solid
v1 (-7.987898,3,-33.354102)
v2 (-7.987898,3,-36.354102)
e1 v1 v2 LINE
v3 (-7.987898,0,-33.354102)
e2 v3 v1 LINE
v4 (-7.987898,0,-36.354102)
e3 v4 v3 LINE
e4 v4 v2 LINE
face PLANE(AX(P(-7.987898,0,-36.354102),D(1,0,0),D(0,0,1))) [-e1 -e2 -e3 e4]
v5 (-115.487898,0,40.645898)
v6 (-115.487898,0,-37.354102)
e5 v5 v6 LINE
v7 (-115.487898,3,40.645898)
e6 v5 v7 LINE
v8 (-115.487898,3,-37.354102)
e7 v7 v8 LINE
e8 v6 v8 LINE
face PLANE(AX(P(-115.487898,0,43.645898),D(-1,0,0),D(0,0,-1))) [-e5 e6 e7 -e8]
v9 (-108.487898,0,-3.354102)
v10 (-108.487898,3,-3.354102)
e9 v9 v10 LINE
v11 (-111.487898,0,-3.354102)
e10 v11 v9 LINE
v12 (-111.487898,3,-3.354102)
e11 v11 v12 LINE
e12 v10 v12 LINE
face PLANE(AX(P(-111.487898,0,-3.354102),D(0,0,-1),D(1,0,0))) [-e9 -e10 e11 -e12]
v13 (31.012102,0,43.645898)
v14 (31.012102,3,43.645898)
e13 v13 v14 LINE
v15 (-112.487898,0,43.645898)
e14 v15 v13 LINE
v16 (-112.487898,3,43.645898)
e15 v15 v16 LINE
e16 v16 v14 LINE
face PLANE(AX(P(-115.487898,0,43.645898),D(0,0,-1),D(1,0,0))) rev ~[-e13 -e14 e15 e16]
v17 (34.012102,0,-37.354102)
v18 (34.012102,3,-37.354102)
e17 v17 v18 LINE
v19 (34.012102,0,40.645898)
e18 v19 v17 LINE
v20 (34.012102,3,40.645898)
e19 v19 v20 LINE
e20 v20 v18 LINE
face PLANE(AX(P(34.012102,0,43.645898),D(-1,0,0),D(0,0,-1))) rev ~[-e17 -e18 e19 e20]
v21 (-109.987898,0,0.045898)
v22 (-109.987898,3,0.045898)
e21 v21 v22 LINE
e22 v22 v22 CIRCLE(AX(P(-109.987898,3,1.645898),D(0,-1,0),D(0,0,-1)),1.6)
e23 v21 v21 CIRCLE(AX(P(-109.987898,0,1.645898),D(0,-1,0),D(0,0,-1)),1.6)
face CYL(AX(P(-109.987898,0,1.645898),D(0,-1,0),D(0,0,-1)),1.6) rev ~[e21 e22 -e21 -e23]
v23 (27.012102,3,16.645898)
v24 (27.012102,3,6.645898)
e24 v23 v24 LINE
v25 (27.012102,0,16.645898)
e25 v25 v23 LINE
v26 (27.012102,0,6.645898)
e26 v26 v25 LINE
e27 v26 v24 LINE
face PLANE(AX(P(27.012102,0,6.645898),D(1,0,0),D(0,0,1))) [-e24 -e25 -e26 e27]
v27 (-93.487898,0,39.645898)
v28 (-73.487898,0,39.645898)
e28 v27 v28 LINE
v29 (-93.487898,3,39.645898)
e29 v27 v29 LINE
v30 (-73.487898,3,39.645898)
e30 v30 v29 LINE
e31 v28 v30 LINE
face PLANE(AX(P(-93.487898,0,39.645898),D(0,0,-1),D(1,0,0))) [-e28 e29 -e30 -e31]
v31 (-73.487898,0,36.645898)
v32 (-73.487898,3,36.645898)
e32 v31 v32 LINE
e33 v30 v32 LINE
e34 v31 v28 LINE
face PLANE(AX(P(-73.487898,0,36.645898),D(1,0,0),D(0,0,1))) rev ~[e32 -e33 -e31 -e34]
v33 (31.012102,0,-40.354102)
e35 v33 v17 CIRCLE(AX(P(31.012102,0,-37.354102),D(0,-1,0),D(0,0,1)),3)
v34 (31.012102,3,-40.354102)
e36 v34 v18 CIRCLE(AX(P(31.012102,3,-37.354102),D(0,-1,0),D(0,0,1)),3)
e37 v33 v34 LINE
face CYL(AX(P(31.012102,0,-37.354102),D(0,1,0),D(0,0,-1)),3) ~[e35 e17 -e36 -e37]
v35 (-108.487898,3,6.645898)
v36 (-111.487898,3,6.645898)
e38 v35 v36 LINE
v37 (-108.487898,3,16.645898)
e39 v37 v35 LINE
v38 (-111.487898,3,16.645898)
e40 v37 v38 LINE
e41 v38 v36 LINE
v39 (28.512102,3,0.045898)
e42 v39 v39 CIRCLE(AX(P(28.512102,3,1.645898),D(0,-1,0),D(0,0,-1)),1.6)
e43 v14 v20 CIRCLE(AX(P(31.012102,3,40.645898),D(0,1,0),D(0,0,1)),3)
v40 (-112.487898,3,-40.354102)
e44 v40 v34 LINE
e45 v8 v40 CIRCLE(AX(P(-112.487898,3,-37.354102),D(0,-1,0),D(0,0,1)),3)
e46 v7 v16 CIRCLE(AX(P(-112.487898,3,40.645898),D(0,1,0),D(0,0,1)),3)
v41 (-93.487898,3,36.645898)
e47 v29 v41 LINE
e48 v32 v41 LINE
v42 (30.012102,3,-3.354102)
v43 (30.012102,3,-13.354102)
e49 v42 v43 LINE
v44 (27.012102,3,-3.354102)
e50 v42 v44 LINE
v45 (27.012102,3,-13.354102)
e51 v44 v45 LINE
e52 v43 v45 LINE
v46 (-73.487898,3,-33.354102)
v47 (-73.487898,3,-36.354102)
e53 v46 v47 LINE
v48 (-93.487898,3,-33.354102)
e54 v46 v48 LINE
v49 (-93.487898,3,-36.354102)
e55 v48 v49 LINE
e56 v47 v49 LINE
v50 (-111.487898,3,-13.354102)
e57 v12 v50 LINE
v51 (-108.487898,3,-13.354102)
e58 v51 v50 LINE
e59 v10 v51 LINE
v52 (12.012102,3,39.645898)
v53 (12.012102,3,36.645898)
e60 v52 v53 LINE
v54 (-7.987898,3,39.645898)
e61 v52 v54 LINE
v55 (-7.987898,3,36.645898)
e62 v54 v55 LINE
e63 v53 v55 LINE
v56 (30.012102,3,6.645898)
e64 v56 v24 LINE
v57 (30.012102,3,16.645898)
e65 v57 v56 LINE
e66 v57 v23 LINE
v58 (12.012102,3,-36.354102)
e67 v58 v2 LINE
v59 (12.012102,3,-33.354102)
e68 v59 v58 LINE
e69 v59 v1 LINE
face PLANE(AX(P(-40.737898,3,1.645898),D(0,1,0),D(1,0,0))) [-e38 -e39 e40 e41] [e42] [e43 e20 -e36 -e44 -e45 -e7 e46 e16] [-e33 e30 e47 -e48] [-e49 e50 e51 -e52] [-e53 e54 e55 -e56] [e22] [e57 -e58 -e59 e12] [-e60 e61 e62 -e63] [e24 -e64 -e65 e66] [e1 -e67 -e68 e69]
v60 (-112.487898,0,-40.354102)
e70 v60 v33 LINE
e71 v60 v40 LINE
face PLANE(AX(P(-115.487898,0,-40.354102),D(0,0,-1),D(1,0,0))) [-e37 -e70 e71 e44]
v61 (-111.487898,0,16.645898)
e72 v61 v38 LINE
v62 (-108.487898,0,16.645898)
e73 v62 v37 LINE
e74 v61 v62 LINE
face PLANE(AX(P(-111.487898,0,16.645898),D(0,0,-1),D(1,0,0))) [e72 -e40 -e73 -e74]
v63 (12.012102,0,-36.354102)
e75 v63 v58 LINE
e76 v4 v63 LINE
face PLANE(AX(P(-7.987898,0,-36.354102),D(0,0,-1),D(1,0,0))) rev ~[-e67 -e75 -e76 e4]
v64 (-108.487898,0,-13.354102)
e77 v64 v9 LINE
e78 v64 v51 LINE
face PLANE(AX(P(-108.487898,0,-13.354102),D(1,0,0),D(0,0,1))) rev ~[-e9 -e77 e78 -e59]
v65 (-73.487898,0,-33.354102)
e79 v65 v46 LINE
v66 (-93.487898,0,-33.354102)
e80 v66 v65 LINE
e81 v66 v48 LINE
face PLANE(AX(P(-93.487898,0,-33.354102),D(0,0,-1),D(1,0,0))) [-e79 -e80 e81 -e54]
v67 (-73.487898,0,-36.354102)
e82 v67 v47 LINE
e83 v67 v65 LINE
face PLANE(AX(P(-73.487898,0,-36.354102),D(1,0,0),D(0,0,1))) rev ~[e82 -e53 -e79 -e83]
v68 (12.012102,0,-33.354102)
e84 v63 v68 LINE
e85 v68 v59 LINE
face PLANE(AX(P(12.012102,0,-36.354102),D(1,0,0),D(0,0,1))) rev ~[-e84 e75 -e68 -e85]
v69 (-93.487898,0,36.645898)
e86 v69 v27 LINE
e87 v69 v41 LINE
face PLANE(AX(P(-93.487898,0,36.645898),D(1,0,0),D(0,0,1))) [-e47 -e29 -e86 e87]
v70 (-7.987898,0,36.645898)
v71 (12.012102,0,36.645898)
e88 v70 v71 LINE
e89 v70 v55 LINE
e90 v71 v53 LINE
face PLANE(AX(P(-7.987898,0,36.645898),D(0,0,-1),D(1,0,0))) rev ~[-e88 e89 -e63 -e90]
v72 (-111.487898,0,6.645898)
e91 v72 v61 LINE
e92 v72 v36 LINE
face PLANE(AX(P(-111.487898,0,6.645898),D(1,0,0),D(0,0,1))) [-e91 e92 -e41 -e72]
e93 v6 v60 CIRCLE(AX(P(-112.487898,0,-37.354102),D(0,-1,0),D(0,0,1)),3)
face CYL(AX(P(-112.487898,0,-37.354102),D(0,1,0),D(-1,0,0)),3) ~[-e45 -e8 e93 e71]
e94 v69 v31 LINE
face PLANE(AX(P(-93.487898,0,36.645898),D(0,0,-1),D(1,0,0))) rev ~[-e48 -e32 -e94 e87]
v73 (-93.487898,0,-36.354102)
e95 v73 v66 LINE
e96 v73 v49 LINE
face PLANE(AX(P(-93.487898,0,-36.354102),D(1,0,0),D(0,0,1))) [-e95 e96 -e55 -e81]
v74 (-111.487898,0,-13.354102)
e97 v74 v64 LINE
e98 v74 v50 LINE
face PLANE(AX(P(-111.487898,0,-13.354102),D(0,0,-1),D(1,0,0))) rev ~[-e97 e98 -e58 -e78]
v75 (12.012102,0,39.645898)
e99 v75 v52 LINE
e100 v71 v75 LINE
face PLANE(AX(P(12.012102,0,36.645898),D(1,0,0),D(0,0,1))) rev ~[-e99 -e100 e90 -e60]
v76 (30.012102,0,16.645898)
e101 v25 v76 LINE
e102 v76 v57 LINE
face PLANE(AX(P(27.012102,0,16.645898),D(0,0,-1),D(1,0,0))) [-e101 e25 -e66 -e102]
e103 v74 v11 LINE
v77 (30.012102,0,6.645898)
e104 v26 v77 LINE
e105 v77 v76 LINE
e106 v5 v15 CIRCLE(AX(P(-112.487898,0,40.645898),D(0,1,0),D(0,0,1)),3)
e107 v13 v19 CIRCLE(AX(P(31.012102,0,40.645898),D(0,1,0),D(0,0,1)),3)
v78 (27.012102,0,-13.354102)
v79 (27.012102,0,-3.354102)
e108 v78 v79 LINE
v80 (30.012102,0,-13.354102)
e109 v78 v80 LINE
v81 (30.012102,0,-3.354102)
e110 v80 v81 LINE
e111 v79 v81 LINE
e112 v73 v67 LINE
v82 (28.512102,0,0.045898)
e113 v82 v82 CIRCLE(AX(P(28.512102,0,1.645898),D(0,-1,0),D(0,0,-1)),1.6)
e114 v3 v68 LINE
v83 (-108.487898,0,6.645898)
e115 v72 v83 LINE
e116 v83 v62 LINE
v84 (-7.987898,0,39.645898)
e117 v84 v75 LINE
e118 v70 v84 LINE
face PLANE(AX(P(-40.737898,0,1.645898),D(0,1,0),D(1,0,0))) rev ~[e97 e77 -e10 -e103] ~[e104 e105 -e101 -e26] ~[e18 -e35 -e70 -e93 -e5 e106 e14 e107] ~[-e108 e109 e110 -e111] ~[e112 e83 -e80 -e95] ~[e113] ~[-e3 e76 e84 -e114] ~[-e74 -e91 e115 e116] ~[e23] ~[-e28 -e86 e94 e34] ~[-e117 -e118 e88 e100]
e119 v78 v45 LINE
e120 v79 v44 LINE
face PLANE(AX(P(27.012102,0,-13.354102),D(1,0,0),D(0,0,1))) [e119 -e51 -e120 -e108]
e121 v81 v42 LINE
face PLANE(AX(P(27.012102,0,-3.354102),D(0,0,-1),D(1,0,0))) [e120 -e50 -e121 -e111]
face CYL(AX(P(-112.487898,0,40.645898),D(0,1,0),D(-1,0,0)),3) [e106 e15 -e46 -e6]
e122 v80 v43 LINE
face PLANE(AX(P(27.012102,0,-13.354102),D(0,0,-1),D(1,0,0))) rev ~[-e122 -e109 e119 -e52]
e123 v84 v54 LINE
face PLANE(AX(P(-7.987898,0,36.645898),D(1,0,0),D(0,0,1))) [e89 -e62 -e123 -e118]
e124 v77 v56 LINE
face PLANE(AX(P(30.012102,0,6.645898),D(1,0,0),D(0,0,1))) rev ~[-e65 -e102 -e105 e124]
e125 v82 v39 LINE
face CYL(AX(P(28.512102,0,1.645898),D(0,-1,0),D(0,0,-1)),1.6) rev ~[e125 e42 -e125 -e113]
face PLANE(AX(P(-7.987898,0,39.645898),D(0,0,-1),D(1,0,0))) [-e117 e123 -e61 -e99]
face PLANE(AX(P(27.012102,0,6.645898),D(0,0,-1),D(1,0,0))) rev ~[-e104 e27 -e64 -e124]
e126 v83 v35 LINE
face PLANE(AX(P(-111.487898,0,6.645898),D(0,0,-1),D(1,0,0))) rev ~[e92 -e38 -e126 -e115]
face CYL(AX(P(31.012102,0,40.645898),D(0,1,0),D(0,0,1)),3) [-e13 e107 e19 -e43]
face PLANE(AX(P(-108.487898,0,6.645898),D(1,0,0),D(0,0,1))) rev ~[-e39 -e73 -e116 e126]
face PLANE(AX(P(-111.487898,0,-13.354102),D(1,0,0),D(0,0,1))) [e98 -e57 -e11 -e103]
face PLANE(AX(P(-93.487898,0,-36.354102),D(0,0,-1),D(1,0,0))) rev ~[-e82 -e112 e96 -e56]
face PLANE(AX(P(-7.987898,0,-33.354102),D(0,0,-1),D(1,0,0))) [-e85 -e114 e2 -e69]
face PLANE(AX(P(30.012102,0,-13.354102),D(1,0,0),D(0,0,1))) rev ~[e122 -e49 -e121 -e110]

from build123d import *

# Parameters (mm, degrees)
SKETCH1_W           = 149.499999434
SKETCH1_H           = 84
BOSS_EXTRUDE1_DEPTH = 3
SKETCH2_W           = 20
SKETCH2_H           = 3
SKETCH2_W_2         = 3
SKETCH2_H_2         = 10
CUT_EXTRUDE1_DEPTH  = 124.496635409
SKETCH3_R           = 1.6
CUT_EXTRUDE2_DEPTH  = 124.496635409
FILLET1_R           = 3


with BuildPart() as part:
    # Sketch1 → Boss-Extrude1 (new body)
    with BuildSketch(Plane(origin=(0, 0, 0), x_dir=(1, 0, 0), z_dir=(0, 1, 0))):
        with Locations((-40.737898115, -1.645897993)):
            Rectangle(SKETCH1_W, SKETCH1_H)
    extrude(amount=BOSS_EXTRUDE1_DEPTH)

    # Sketch2 → Cut-Extrude1 (cut, through all)
    with BuildSketch(Plane.XZ):
        with Locations((2.012101602, -34.854102007)):
            Rectangle(SKETCH2_W, SKETCH2_H)
        with Locations((-83.487897832, -34.854102007)):
            Rectangle(SKETCH2_W, SKETCH2_H)
        with Locations((-83.487897832, 38.145897993)):
            Rectangle(SKETCH2_W, SKETCH2_H)
        with Locations((2.012101602, 38.145897993)):
            Rectangle(SKETCH2_W, SKETCH2_H)
        with Locations((-109.987897832, 11.645897993)):
            Rectangle(SKETCH2_W_2, SKETCH2_H_2)
        with Locations((-109.987897832, -8.354102007)):
            Rectangle(SKETCH2_W_2, SKETCH2_H_2)
        with Locations((28.512101602, 11.645897993)):
            Rectangle(SKETCH2_W_2, SKETCH2_H_2)
        with Locations((28.512101602, -8.354102007)):
            Rectangle(SKETCH2_W_2, SKETCH2_H_2)
    extrude(amount=-CUT_EXTRUDE1_DEPTH, mode=Mode.SUBTRACT)

    # Sketch3 → Cut-Extrude2 (cut, through all)
    with BuildSketch(Plane.XZ):
        with Locations(Location((28.512101602, 1.645897993, 0), (0, 0, 270))):
            Circle(SKETCH3_R)
        with Locations(Location((-109.987897832, 1.645897993, 0), (0, 0, 270))):
            Circle(SKETCH3_R)
    extrude(amount=-CUT_EXTRUDE2_DEPTH, mode=Mode.SUBTRACT)

    # Fillet1
    fillet1_edges = [part.edges().sort_by_distance(p)[0] for p in [
        (-115.487897832, 1.5, -40.354102007),
        (34.012101602, 1.5, -40.354102007),
        (34.012101602, 1.5, 43.645897993),
        (-115.487897832, 1.5, 43.645897993),
    ]]
    fillet(fillet1_edges, radius=FILLET1_R)


solid = part.part
